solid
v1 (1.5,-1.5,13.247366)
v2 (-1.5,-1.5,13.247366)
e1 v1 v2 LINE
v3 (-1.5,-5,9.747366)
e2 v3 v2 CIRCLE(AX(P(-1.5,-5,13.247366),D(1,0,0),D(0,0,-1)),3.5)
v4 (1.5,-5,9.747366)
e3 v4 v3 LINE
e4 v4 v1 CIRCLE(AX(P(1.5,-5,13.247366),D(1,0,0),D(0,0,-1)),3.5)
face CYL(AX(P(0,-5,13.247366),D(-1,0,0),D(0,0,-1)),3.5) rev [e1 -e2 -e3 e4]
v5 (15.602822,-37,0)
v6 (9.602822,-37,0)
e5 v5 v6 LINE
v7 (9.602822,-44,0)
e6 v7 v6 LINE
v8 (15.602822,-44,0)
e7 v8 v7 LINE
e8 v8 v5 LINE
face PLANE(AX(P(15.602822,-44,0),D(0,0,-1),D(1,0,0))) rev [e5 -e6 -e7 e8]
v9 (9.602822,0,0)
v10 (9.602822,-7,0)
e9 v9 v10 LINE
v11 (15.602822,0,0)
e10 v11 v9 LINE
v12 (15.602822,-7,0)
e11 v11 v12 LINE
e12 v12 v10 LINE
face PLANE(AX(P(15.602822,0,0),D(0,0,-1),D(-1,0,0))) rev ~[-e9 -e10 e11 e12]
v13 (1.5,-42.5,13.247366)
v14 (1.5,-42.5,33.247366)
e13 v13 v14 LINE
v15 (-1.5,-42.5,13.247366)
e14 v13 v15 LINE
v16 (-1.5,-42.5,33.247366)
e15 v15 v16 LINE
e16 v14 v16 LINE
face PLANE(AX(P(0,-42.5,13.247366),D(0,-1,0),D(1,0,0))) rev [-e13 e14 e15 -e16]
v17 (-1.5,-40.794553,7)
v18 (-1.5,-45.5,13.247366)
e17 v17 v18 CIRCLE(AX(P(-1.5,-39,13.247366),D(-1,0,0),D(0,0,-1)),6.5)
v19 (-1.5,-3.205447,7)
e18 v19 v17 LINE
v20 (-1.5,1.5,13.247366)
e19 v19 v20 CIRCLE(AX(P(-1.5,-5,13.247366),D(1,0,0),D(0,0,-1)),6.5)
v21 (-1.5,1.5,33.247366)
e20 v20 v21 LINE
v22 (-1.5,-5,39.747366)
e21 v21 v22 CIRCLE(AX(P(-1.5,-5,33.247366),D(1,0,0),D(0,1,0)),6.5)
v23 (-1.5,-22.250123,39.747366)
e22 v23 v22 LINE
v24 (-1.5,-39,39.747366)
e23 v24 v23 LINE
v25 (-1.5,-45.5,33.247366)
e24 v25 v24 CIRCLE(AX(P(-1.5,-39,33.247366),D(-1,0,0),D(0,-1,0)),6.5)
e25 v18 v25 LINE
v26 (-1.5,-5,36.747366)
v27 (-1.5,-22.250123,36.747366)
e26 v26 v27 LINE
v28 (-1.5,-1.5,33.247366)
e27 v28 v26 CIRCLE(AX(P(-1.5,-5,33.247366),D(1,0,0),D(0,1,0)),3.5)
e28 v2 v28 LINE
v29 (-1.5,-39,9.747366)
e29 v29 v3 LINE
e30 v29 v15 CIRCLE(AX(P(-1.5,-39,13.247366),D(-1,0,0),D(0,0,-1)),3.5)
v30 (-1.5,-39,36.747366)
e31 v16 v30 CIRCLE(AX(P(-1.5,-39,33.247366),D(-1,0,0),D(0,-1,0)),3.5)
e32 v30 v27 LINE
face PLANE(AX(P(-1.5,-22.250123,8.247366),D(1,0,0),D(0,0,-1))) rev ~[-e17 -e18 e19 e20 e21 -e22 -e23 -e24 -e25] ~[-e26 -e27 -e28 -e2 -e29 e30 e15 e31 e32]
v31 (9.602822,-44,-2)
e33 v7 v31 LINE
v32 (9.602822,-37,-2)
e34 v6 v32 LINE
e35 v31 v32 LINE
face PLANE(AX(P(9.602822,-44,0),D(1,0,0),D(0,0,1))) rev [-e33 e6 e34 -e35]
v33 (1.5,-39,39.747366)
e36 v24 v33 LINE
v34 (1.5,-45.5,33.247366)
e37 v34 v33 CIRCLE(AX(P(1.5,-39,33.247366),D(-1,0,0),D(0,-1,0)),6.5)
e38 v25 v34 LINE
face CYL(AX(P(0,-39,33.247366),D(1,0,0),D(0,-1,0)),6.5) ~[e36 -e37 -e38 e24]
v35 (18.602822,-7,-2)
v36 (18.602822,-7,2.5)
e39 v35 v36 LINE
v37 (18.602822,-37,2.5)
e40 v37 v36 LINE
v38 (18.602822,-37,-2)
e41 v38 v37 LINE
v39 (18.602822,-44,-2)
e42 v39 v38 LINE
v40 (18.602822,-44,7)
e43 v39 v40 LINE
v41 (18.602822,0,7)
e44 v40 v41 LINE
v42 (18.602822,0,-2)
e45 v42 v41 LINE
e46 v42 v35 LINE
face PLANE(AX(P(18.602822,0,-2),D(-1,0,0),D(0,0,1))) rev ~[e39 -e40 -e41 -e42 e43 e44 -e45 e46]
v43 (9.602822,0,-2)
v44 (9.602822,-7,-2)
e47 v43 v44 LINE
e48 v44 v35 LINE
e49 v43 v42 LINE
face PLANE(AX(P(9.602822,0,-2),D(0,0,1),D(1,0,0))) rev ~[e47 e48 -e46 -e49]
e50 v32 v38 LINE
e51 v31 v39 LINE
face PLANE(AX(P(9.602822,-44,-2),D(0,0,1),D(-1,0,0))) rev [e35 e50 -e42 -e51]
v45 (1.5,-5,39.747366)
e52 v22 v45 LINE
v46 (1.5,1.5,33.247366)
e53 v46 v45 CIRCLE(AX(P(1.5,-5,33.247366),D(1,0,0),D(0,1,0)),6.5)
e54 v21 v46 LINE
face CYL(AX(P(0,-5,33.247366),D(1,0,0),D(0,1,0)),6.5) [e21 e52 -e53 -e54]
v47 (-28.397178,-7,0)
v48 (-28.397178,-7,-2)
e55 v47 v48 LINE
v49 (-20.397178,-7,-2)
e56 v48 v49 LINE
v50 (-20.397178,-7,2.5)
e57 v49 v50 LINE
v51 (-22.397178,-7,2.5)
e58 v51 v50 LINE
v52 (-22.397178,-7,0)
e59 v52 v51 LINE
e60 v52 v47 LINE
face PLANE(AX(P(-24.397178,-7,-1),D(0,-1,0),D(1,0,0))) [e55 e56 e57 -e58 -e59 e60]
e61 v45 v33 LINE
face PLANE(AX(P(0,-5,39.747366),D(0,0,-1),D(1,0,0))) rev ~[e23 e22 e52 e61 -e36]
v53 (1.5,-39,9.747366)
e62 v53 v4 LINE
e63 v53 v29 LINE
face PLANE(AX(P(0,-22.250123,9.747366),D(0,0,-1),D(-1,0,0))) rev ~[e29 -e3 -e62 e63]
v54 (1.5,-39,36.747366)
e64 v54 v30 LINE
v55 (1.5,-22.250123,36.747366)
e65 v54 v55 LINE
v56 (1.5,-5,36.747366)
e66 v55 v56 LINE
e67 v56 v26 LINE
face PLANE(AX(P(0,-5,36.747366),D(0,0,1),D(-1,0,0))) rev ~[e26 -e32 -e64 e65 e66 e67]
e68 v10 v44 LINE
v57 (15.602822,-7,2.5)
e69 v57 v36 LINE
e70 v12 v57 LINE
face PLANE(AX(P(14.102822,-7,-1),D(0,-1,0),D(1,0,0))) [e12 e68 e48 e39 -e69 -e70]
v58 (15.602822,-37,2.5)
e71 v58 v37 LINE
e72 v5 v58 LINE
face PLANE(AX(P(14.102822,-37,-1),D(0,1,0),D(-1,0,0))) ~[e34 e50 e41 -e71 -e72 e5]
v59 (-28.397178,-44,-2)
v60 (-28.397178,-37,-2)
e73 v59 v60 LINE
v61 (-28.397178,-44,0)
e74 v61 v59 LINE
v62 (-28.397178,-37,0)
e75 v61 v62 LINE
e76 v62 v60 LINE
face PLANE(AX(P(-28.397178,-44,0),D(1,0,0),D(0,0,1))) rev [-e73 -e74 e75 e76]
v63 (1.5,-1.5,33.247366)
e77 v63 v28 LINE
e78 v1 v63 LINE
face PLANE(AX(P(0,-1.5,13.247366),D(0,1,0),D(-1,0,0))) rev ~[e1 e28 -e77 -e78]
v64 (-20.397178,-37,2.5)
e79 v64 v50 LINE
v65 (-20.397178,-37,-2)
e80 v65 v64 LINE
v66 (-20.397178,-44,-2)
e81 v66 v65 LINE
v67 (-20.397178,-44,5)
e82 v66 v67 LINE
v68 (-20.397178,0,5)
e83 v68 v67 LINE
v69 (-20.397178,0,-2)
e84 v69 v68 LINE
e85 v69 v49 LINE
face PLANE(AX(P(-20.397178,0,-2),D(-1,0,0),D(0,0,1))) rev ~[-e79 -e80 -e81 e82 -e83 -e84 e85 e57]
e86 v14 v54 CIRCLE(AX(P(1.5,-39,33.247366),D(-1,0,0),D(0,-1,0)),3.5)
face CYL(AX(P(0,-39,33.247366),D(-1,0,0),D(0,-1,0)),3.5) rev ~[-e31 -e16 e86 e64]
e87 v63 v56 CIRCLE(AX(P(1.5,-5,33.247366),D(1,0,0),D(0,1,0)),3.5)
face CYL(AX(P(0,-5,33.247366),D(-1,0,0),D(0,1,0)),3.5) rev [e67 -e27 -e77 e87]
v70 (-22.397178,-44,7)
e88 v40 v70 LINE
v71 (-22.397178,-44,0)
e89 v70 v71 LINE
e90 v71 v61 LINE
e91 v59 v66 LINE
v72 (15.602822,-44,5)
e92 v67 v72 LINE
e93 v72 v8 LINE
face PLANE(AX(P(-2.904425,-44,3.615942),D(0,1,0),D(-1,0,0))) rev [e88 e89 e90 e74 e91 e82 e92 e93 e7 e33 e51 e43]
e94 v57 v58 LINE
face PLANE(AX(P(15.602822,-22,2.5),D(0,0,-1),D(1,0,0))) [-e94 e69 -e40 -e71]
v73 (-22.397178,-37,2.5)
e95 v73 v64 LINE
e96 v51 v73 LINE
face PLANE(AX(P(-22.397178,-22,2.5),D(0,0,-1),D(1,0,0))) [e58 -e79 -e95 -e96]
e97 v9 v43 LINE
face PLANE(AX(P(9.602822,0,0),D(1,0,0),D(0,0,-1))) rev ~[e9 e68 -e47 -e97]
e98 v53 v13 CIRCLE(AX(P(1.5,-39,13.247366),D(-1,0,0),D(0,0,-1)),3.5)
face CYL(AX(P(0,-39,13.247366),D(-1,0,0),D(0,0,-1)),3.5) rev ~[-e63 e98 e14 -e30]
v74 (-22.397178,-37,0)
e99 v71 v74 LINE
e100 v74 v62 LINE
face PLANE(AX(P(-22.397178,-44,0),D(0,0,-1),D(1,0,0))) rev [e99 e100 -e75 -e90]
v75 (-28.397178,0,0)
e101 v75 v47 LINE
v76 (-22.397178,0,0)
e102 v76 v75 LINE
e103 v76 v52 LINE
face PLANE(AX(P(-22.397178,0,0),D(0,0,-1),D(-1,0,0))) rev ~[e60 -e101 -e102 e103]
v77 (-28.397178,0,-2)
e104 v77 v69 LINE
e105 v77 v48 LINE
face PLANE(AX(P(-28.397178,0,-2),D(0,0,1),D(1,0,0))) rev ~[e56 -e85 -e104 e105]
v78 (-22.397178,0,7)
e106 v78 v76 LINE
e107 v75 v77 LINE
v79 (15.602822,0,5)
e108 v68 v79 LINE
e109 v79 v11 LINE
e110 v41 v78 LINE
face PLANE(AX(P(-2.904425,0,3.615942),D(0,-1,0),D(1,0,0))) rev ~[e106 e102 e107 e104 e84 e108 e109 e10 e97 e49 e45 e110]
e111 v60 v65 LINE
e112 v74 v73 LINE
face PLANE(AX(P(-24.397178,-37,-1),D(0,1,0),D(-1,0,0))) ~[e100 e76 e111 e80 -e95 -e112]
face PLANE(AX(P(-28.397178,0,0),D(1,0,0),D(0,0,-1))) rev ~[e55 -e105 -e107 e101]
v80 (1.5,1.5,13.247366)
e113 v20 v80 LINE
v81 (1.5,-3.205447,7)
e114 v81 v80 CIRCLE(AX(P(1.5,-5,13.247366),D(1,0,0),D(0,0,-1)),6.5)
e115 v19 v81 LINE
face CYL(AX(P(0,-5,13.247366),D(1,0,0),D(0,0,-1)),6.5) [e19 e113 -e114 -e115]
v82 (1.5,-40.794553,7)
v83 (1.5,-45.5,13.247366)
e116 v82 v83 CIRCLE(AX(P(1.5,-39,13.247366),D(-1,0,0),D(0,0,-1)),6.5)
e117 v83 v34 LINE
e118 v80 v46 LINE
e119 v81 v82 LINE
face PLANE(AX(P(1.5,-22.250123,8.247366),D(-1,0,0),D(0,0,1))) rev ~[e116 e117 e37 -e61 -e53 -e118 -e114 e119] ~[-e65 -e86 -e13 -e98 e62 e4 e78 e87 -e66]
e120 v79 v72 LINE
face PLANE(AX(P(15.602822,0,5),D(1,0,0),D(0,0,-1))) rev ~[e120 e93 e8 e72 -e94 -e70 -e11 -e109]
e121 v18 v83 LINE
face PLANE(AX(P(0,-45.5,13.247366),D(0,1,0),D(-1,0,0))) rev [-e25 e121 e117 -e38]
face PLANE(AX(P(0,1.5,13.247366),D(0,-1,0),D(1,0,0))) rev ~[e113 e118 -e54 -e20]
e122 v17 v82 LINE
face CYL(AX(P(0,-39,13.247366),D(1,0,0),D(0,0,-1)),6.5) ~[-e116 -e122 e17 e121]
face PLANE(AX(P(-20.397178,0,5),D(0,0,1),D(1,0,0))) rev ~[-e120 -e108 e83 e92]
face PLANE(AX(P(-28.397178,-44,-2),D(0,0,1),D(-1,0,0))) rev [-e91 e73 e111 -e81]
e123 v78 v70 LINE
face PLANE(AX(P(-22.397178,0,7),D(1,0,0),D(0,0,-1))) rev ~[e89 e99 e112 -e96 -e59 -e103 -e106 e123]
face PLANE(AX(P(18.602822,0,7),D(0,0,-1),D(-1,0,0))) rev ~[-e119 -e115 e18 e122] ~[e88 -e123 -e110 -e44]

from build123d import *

# Parameters (mm, degrees)
F1_DEPTH = 22
F2_W     = 2
F2_H     = 2.5
F2_W_2   = 3
F4_DEPTH = 15
F6_W     = 3
F6_H     = 3


with BuildPart() as f1:
    # F0 (on Front) → F1 (new body)
    with BuildSketch(Plane.XZ):
        Polygon((-22.3971781656, 0), (-28.3971781656, 0), (-28.3971781656, -2), (-20.3971781656, -2), (-20.3971781656, 5), (13.6028218344, 5), (15.6028218344, 5), (15.6028218344, 0), (9.6028218344, 0), (9.6028218344, -2), (18.6028218344, -2), (18.6028218344, 7), (-22.3971781656, 7), align=None)
    extrude(amount=F1_DEPTH)

    # F2 (on face) → F4 (cut)
    with BuildSketch(Plane.XZ.offset(22)):
        Polygon((-20.3971781656, 0), (-22.3971781656, 0), (-28.3971781656, 0), (-28.3971781656, -2), (-20.3971781656, -2), align=None)
        Polygon((18.6028218344, -2), (18.6028218344, 0), (15.6028218344, 0), (9.6028218344, 0), (9.6028218344, -2), align=None)
        with Locations((-21.3971781656, 1.25)):
            Rectangle(F2_W, F2_H)
        with Locations((17.1028218344, 1.25)):
            Rectangle(F2_W_2, F2_H)
    extrude(amount=-F4_DEPTH, mode=Mode.SUBTRACT)

    # F7: sweep along a path in F3
    with BuildLine(Plane.YZ) as f7_path:
        Line((-22.250123322, 8.247365728), (-5, 8.247365728))
        ThreePointArc((-5, 8.247365728), (-1.4644660941, 9.7118318221), (0, 13.247365728))
        Line((0, 13.247365728), (0, 33.247365728))
        ThreePointArc((0, 33.247365728), (-1.4644660941, 36.782899634), (-5, 38.247365728))
        Line((-5, 38.247365728), (-22.250123322, 38.247365728))
    # F6 (on offset) → F7 (sweep)
    with BuildSketch(Plane.XZ.offset(22)):
        with Locations((0, 8.247365728)):
            Rectangle(F6_W, F6_H)
    sweep(path=f7_path.line)

    # F8: F1 across plane


with BuildPart() as f1_1:
    add(f1.part)
    add(f1.part.mirror(Plane.XZ.offset(22)))


solid = f1_1.part
